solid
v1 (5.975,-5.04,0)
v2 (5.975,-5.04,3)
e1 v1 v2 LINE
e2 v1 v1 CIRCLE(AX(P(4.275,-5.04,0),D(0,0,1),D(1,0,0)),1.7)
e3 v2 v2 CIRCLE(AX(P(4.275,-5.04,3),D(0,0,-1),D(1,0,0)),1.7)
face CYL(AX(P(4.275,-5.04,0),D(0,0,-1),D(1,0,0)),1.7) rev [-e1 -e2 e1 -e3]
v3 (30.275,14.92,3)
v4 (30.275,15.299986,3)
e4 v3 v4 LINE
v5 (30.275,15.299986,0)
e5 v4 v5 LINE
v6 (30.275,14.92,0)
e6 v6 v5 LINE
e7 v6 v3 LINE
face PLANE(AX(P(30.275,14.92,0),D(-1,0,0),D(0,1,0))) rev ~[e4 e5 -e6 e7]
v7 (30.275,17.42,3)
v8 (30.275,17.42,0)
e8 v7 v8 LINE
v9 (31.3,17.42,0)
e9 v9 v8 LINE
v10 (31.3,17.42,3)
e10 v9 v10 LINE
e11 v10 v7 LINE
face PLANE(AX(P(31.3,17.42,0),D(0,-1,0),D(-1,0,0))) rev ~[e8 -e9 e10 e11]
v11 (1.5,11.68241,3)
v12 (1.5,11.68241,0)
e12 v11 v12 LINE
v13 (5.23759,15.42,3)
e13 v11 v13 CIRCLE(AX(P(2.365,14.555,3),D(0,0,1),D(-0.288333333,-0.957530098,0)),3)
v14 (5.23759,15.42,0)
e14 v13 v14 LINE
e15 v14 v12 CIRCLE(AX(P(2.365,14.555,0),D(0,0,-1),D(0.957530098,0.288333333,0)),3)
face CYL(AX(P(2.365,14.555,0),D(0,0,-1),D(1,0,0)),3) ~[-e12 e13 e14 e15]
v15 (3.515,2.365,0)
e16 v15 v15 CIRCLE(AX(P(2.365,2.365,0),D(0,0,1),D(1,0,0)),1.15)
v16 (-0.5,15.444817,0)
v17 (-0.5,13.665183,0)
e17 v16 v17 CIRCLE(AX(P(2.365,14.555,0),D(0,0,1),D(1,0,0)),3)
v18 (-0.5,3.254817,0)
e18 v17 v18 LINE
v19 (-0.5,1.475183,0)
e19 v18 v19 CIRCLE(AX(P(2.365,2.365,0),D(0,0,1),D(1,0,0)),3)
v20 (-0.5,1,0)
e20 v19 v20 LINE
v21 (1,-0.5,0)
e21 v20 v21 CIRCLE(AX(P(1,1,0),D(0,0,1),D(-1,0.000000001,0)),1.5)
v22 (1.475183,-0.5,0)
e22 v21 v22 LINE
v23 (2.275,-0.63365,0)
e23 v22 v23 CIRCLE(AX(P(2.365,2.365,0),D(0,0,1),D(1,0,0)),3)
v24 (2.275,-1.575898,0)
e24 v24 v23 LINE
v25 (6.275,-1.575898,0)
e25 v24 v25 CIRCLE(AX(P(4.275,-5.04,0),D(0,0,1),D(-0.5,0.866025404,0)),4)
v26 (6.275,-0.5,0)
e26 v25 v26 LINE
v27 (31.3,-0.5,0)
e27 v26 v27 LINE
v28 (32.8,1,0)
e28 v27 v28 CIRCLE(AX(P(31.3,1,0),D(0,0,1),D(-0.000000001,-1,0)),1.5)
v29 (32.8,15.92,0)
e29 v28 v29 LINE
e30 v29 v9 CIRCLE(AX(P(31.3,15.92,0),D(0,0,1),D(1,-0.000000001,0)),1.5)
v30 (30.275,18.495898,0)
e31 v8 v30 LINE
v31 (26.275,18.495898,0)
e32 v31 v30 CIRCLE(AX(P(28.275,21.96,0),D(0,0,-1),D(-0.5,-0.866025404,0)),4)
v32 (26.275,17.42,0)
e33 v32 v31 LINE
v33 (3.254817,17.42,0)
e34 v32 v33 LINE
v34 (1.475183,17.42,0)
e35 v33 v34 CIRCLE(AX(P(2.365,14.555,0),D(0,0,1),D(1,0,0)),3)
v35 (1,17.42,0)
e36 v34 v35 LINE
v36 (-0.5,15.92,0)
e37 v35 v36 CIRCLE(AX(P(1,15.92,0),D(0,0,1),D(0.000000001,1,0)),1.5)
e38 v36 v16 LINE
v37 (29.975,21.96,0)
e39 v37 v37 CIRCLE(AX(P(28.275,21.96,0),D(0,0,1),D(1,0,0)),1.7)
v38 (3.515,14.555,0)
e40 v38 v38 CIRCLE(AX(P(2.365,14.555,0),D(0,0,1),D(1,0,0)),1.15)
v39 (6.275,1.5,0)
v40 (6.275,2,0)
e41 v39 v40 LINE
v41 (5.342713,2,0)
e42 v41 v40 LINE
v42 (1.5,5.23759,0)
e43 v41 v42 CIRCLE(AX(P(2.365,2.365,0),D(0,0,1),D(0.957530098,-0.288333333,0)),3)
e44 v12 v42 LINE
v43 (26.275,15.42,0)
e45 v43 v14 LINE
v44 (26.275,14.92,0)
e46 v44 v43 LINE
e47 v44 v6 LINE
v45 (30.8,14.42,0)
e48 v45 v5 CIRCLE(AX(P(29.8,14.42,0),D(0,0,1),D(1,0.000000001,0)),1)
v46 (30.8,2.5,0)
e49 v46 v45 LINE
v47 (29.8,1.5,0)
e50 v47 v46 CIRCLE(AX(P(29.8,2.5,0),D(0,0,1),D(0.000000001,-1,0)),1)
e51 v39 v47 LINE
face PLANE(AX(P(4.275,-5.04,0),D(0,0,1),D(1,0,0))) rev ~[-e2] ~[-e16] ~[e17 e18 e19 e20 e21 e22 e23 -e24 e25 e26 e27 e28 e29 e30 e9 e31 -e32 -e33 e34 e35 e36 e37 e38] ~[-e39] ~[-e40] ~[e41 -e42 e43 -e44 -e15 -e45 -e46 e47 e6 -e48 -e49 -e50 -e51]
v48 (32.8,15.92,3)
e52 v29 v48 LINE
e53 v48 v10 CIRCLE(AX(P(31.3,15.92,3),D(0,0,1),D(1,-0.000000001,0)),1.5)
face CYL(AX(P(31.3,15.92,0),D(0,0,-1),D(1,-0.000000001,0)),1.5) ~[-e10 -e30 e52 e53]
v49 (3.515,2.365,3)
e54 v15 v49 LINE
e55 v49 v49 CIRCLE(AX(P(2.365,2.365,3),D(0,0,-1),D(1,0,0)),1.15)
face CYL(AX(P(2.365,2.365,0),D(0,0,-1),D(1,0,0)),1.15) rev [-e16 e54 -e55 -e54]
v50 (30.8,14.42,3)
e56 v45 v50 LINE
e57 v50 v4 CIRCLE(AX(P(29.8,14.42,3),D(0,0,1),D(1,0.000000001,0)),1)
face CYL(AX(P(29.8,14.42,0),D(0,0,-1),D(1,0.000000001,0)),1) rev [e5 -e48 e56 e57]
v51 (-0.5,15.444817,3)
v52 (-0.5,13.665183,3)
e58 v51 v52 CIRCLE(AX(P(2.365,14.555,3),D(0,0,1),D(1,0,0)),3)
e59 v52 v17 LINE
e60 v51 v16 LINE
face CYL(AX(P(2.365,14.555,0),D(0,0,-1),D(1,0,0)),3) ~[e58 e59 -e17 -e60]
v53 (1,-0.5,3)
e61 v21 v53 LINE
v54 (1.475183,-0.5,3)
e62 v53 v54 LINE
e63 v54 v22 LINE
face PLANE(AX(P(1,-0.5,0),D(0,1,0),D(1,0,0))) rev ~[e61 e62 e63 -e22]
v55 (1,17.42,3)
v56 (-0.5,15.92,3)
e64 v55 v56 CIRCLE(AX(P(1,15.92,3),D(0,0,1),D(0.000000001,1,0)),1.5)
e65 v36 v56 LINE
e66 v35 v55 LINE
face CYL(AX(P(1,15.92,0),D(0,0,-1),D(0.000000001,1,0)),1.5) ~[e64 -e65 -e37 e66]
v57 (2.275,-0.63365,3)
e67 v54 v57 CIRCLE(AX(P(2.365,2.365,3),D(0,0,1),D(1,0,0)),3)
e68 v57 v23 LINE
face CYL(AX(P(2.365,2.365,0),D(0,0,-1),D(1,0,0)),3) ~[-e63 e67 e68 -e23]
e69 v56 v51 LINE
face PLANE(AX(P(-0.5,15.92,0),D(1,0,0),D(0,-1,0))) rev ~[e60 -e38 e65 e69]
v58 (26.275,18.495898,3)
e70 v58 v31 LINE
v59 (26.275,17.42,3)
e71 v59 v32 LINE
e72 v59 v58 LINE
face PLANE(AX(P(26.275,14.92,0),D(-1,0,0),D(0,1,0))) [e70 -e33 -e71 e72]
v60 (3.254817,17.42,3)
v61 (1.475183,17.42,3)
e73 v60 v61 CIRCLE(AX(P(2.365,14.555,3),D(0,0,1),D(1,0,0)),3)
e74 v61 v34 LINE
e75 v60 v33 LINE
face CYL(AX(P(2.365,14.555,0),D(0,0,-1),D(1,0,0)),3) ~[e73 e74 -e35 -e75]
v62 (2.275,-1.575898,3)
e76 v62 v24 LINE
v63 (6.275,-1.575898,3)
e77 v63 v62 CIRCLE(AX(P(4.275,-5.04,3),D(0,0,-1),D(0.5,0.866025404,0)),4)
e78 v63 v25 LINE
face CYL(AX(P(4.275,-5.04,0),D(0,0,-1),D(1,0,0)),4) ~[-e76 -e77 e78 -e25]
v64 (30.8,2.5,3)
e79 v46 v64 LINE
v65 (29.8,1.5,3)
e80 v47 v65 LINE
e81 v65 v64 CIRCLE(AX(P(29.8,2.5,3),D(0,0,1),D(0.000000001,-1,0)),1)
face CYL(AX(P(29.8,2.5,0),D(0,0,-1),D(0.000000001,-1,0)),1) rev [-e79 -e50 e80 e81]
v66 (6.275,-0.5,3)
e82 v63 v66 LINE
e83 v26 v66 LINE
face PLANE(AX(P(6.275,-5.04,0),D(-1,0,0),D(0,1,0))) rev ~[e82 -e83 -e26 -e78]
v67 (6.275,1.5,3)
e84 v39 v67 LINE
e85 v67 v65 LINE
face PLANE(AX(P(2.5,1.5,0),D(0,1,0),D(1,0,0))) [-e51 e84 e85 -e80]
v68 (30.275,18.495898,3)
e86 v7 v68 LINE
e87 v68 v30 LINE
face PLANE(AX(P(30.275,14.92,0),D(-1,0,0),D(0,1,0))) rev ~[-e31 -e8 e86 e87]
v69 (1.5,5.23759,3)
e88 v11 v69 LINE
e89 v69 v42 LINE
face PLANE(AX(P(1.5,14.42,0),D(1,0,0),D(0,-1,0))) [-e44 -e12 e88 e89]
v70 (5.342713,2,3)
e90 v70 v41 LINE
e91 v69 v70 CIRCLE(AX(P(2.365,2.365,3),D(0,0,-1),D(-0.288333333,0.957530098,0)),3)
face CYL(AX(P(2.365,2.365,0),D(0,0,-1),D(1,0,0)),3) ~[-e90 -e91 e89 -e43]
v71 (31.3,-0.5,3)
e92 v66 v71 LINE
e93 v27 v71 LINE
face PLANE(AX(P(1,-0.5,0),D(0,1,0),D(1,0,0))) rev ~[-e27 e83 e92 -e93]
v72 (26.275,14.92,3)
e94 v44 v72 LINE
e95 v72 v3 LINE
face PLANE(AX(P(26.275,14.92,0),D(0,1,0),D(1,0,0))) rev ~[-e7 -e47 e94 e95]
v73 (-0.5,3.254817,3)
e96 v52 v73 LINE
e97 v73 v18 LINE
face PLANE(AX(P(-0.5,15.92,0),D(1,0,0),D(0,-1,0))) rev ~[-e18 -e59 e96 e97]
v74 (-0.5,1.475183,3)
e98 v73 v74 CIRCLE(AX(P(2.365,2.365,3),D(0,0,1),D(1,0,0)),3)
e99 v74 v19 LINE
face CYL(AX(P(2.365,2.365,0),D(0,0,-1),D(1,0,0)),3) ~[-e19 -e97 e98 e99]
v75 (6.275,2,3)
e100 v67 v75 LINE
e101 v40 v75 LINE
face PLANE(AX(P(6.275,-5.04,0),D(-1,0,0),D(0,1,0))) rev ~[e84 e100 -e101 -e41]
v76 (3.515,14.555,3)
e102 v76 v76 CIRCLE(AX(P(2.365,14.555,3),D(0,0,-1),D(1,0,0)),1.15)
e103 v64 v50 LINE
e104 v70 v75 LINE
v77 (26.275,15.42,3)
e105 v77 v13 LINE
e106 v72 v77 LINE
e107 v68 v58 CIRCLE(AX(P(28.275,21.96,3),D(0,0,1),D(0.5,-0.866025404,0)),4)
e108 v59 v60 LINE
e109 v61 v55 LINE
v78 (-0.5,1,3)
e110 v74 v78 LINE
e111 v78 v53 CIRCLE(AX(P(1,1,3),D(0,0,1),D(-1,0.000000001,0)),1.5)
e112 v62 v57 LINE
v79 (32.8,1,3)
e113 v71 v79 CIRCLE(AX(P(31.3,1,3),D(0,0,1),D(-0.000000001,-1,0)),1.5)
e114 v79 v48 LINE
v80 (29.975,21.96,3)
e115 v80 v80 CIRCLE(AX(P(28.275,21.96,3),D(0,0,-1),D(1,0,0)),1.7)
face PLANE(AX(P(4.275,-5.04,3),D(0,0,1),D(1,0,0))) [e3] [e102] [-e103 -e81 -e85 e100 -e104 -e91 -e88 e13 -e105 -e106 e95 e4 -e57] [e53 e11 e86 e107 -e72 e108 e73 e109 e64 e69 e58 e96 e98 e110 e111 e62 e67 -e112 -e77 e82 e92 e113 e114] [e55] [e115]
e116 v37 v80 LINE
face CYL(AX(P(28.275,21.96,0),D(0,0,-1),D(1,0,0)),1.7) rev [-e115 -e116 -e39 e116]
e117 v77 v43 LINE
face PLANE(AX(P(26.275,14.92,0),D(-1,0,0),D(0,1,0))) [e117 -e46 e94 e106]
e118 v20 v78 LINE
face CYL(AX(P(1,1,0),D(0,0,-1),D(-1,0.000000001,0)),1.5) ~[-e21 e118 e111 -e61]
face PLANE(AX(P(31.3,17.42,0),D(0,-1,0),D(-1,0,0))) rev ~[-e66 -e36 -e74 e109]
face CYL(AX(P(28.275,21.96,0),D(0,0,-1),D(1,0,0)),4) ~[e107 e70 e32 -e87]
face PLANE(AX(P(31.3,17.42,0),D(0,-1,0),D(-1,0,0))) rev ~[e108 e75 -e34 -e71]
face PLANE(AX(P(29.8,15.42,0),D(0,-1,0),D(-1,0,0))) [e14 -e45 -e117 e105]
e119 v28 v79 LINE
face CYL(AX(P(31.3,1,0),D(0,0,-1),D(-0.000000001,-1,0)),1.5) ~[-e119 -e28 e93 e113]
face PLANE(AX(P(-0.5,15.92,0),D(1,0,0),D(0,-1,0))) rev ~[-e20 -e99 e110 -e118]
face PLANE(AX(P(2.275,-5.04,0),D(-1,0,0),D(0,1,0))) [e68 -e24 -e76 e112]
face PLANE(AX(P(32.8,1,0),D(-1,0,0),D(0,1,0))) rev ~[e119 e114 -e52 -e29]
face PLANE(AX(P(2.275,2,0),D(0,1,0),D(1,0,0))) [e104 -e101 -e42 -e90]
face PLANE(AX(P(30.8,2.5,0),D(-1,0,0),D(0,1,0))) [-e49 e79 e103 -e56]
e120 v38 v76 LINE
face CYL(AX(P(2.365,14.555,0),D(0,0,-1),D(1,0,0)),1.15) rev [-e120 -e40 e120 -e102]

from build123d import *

# Parameters (mm, degrees)
PCB_EDGE_SUPPORT_DEPTH       = 3
SKETCH_2_R                   = 3
PCB_SCREW_LANDS_DEPTH        = 3
SKETCH_3_W                   = 4
SKETCH_3_H                   = 7.04
FLOATING_MOUNT_BRIDGES_DEPTH = 3
SKETCH_4_R                   = 4
FLOATING_MOUNT_EARS_DEPTH    = 3
SKETCH_5_R                   = 1.15
PCB_M2_CLEARANCE_DEPTH       = 4
SKETCH_6_R                   = 1.7
M2_ADJUSTMENT_0P7_DEPTH      = 4


with BuildPart() as part:
    # 草图1 → PCB_edge_support (new body)
    with BuildSketch(Plane.XY):
        with BuildLine():
            Line((1, -0.5), (31.3, -0.5))
            ThreePointArc((31.3, -0.5), (32.360660172, -0.060660172), (32.8, 1))
            Line((32.8, 1), (32.8, 15.92))
            ThreePointArc((32.8, 15.92), (32.360660172, 16.980660172), (31.3, 17.42))
            Line((31.3, 17.42), (1, 17.42))
            ThreePointArc((1, 17.42), (-0.060660172, 16.980660172), (-0.5, 15.92))
            Line((-0.5, 15.92), (-0.5, 1))
            ThreePointArc((-0.5, 1), (-0.060660172, -0.060660172), (1, -0.5))
        make_face()
        with BuildLine():
            Line((2.5, 1.5), (29.8, 1.5))
            ThreePointArc((29.8, 1.5), (30.507106781, 1.792893219), (30.8, 2.5))
            Line((30.8, 2.5), (30.8, 14.42))
            ThreePointArc((30.8, 14.42), (30.507106781, 15.127106781), (29.8, 15.42))
            Line((29.8, 15.42), (2.5, 15.42))
            ThreePointArc((2.5, 15.42), (1.792893219, 15.127106781), (1.5, 14.42))
            Line((1.5, 14.42), (1.5, 2.5))
            ThreePointArc((1.5, 2.5), (1.792893219, 1.792893219), (2.5, 1.5))
        make_face(mode=Mode.SUBTRACT)
    extrude(amount=PCB_EDGE_SUPPORT_DEPTH)

    # 草图2 → PCB_screw_lands (add)
    with BuildSketch(Plane.XY):
        with Locations((2.365, 2.365)):
            Circle(SKETCH_2_R)
        with Locations((2.365, 14.555)):
            Circle(SKETCH_2_R)
    extrude(amount=PCB_SCREW_LANDS_DEPTH)

    # 草图3 → Floating_mount_bridges (add)
    with BuildSketch(Plane.XY):
        with Locations((4.275, -1.52)):
            Rectangle(SKETCH_3_W, SKETCH_3_H)
        with Locations((28.275, 18.44)):
            Rectangle(SKETCH_3_W, SKETCH_3_H)
    extrude(amount=FLOATING_MOUNT_BRIDGES_DEPTH)

    # 草图4 → Floating_mount_ears (add)
    with BuildSketch(Plane.XY):
        with Locations((4.275, -5.04)):
            Circle(SKETCH_4_R)
        with Locations((28.275, 21.96)):
            Circle(SKETCH_4_R)
    extrude(amount=FLOATING_MOUNT_EARS_DEPTH)

    # 草图5 → PCB_M2_clearance (cut)
    with BuildSketch(Plane.XY):
        with Locations((2.365, 2.365)):
            Circle(SKETCH_5_R)
        with Locations((2.365, 14.555)):
            Circle(SKETCH_5_R)
    extrude(amount=PCB_M2_CLEARANCE_DEPTH, mode=Mode.SUBTRACT)

    # 草图6 → M2_adjustment_0p7 (cut)
    with BuildSketch(Plane.XY):
        with Locations((4.275, -5.04)):
            Circle(SKETCH_6_R)
        with Locations((28.275, 21.96)):
            Circle(SKETCH_6_R)
    extrude(amount=M2_ADJUSTMENT_0P7_DEPTH, mode=Mode.SUBTRACT)


solid = part.part
